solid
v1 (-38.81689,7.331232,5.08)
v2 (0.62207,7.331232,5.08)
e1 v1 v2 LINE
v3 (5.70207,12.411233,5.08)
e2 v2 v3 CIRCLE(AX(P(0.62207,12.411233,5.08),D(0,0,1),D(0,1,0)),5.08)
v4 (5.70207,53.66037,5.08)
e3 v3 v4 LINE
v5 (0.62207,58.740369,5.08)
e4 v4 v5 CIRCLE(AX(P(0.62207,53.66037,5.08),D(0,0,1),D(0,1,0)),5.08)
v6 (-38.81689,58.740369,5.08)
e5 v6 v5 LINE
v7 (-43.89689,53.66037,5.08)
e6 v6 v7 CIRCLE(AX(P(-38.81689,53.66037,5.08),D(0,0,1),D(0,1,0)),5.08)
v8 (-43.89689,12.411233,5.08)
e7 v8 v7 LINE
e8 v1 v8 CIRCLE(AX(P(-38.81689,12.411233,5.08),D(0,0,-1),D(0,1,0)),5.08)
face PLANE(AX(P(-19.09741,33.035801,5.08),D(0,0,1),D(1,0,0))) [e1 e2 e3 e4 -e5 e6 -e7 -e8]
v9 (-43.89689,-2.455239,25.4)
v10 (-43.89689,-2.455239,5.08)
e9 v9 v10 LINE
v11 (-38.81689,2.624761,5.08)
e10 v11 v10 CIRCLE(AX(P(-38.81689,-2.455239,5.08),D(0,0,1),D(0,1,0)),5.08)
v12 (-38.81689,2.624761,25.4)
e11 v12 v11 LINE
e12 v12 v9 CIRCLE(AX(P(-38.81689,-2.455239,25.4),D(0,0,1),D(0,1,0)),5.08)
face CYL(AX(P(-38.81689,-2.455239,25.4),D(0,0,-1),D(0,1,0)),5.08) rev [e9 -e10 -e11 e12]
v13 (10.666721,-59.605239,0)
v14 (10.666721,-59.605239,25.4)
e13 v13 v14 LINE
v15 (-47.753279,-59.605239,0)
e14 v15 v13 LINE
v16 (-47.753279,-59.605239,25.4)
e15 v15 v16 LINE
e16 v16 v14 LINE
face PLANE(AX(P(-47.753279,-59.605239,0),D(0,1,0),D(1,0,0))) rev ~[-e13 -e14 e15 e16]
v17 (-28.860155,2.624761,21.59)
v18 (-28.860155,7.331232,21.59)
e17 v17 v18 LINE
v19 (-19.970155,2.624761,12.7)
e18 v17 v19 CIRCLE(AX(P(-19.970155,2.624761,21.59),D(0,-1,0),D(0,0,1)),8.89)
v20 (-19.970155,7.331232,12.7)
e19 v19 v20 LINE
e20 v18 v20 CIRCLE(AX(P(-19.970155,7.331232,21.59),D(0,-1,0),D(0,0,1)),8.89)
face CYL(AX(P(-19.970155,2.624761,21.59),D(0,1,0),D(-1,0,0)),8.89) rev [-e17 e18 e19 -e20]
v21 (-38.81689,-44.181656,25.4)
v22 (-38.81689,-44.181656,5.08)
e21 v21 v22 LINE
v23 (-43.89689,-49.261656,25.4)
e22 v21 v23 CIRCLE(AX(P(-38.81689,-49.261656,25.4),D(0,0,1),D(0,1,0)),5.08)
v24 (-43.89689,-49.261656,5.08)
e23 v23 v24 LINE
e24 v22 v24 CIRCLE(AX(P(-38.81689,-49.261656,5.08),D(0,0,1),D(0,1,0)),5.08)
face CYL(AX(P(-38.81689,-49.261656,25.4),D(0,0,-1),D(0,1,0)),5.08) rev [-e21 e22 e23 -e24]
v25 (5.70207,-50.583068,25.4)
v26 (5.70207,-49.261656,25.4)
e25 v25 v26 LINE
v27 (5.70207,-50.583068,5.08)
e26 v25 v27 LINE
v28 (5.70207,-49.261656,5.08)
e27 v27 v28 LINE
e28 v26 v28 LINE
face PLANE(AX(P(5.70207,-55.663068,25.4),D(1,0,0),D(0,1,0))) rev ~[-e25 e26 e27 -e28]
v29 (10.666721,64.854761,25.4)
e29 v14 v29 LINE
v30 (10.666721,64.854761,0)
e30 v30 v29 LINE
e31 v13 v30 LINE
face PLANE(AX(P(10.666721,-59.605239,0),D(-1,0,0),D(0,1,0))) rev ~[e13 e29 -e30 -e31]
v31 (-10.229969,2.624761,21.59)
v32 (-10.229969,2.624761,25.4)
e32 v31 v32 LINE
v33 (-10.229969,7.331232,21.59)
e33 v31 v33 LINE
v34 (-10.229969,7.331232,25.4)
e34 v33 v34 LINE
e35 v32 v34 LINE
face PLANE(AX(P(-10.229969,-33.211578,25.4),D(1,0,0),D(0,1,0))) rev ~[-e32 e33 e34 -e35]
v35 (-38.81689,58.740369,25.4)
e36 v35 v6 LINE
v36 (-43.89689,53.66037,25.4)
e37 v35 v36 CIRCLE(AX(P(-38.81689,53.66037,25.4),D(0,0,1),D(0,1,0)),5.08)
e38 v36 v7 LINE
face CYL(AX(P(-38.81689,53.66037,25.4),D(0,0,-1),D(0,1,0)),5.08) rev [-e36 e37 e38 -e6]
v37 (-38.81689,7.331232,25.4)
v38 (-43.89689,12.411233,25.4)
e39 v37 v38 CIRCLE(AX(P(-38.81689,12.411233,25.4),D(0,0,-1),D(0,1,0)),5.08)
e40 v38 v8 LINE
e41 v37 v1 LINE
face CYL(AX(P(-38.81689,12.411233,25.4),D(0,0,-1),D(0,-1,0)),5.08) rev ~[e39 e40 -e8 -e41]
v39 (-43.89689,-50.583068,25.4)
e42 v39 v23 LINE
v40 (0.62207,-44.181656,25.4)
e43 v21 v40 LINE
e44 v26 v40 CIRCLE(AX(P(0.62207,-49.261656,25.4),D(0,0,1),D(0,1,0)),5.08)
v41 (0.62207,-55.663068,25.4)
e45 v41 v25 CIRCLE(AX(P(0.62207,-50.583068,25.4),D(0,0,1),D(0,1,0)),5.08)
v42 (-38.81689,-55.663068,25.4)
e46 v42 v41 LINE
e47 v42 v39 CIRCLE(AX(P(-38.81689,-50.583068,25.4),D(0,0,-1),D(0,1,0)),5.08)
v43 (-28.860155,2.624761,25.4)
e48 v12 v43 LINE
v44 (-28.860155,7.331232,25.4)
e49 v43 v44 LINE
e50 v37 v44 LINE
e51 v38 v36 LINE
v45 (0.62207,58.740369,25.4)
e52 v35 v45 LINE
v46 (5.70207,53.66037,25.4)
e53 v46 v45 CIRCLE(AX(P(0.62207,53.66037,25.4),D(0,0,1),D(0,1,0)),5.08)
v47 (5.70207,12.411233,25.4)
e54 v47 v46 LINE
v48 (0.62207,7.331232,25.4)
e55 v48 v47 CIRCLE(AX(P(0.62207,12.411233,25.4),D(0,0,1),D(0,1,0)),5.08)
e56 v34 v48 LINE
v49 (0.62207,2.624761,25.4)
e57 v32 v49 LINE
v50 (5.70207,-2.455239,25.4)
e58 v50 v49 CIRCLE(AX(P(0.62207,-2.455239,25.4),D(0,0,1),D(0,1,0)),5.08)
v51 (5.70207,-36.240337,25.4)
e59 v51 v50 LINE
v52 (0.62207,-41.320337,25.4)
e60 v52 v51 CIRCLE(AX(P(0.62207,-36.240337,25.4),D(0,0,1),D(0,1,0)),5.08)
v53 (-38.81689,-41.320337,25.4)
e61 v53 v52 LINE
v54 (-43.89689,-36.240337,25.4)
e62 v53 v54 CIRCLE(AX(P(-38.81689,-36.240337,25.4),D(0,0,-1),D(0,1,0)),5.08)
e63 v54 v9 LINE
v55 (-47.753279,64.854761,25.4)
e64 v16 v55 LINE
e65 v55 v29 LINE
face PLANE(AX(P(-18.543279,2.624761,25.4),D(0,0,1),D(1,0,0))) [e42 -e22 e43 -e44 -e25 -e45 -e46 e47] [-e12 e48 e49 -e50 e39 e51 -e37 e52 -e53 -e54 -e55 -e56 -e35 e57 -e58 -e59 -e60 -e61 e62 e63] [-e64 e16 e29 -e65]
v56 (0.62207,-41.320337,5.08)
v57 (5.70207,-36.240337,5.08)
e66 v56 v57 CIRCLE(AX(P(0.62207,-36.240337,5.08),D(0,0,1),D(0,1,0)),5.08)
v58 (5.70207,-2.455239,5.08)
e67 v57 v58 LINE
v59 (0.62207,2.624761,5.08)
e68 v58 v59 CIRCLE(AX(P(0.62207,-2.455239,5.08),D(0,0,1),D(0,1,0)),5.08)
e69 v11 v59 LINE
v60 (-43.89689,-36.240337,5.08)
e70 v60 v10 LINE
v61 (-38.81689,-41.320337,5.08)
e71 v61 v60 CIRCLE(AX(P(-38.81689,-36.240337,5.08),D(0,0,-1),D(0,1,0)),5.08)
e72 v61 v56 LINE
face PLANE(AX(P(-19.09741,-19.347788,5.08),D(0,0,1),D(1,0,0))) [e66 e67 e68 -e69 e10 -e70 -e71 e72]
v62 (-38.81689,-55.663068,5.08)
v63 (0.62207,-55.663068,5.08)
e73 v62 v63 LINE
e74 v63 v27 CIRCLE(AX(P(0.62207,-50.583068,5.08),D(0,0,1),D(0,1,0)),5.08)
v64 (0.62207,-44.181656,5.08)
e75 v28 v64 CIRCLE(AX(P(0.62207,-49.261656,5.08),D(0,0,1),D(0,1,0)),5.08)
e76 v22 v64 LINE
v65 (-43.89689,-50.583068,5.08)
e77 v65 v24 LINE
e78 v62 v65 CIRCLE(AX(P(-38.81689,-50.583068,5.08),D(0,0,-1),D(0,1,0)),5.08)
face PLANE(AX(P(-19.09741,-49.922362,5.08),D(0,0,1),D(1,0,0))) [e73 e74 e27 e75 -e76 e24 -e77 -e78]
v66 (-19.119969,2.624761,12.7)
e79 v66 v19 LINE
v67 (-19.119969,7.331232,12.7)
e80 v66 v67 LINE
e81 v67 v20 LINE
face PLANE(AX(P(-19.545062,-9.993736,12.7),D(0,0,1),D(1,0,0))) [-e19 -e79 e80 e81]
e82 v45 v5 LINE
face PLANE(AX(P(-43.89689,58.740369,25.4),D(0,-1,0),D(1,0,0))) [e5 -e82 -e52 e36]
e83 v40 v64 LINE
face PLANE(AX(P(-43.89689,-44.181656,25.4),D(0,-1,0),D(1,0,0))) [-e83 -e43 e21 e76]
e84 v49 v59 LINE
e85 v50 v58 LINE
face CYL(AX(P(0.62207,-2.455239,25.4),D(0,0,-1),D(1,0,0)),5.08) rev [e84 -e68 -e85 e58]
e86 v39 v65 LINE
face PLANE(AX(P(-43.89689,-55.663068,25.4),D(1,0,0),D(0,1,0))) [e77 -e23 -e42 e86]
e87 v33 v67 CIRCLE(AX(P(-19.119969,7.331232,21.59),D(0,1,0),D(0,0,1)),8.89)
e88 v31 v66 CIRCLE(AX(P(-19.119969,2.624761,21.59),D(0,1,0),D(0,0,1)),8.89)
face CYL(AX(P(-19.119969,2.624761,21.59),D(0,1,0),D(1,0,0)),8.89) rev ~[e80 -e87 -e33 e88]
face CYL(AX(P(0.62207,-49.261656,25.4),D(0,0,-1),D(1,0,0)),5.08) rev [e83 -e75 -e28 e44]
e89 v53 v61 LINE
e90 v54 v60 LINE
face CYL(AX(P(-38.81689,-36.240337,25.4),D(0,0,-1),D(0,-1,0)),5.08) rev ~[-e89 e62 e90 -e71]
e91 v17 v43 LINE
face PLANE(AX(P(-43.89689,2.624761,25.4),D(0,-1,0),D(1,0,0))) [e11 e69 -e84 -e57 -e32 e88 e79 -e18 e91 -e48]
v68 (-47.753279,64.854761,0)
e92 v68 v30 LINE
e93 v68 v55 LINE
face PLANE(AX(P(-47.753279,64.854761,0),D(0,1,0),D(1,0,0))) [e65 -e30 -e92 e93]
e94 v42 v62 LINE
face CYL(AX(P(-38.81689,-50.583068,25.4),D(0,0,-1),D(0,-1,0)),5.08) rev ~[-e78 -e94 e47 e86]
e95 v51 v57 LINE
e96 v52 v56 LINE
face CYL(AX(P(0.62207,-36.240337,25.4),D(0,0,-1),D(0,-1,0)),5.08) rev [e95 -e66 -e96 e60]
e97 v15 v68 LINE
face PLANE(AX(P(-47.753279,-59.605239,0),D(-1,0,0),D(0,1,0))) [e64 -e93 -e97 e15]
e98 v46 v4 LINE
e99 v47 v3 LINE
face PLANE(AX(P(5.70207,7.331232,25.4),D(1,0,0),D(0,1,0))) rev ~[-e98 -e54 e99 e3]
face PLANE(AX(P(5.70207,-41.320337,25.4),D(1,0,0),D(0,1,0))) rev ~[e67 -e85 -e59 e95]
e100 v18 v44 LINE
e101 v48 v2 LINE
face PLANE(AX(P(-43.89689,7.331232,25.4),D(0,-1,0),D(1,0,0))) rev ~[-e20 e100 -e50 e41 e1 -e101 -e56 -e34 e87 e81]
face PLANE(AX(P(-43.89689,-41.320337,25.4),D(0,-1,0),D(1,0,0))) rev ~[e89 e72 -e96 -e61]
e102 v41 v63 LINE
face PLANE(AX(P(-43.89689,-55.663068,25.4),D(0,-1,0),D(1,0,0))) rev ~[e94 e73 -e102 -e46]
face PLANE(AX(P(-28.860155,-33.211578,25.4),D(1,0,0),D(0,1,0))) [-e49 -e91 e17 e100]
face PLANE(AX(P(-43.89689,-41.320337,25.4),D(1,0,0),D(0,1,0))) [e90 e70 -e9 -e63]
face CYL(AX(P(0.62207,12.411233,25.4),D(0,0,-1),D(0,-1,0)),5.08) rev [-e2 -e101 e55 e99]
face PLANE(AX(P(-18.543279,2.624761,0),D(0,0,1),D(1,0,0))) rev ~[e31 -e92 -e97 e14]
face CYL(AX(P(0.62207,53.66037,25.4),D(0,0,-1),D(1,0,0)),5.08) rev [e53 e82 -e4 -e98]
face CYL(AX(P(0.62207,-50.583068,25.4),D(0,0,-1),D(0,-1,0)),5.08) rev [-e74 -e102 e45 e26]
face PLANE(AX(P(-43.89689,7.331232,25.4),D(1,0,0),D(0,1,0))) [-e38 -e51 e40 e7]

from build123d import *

# Parameters (mm, degrees)
F0_W     = 58.42
F0_H     = 124.46
F1_DEPTH = 25.4
F2_W     = 49.598961
F2_H     = 51.409137
F2_H_2   = 43.945098
F2_H_3   = 11.481412
F3_DEPTH = 20.32
F4_R     = 5.08
F5_W     = 18.630186
F5_H     = 46.435684
F6_DEPTH = 12.7
F7_R     = 8.89


with BuildPart() as f1:
    # F0 (on Top) → F1 (new body)
    with BuildSketch(Plane.XY):
        with Locations((-18.543279, 2.624761)):
            Rectangle(F0_W, F0_H)
    extrude(amount=F1_DEPTH)

    # F2 (on face) → F3 (cut)
    with BuildSketch(Plane.XY.offset(25.4)):
        with Locations((-19.09741, 33.035801)):
            Rectangle(F2_W, F2_H)
        with Locations((-19.09741, -19.347788)):
            Rectangle(F2_W, F2_H_2)
        with Locations((-19.09741, -49.922362)):
            Rectangle(F2_W, F2_H_3)
    extrude(amount=-F3_DEPTH, mode=Mode.SUBTRACT)

    # F4
    f4_edges = [f1.edges().sort_by_distance(p)[0] for p in [
        (5.70207, 58.74037, 15.24),
        (-43.896891, 58.74037, 15.24),
        (-43.896891, 7.331233, 15.24),
        (5.70207, 7.331233, 15.24),
        (-43.896891, 2.624761, 15.24),
        (5.70207, 2.624761, 15.24),
        (5.70207, -41.320337, 15.24),
        (-43.896891, -41.320337, 15.24),
        (5.70207, -44.181656, 15.24),
        (5.70207, -55.663068, 15.24),
        (-43.896891, -44.181656, 15.24),
        (-43.896891, -55.663068, 15.24),
    ]]
    fillet(f4_edges, radius=F4_R)

    # F5 (on face) → F6 (cut)
    with BuildSketch(Plane.XY.offset(25.4)):
        with Locations((-19.545062, -9.993736)):
            Rectangle(F5_W, F5_H)
    extrude(amount=-F6_DEPTH, mode=Mode.SUBTRACT)

    # F7
    f7_edges = [f1.edges().sort_by_distance(p)[0] for p in [
        (-10.229969, 4.977997, 12.7),
        (-28.860155, 4.977997, 12.7),
    ]]
    fillet(f7_edges, radius=F7_R)


solid = f1.part
